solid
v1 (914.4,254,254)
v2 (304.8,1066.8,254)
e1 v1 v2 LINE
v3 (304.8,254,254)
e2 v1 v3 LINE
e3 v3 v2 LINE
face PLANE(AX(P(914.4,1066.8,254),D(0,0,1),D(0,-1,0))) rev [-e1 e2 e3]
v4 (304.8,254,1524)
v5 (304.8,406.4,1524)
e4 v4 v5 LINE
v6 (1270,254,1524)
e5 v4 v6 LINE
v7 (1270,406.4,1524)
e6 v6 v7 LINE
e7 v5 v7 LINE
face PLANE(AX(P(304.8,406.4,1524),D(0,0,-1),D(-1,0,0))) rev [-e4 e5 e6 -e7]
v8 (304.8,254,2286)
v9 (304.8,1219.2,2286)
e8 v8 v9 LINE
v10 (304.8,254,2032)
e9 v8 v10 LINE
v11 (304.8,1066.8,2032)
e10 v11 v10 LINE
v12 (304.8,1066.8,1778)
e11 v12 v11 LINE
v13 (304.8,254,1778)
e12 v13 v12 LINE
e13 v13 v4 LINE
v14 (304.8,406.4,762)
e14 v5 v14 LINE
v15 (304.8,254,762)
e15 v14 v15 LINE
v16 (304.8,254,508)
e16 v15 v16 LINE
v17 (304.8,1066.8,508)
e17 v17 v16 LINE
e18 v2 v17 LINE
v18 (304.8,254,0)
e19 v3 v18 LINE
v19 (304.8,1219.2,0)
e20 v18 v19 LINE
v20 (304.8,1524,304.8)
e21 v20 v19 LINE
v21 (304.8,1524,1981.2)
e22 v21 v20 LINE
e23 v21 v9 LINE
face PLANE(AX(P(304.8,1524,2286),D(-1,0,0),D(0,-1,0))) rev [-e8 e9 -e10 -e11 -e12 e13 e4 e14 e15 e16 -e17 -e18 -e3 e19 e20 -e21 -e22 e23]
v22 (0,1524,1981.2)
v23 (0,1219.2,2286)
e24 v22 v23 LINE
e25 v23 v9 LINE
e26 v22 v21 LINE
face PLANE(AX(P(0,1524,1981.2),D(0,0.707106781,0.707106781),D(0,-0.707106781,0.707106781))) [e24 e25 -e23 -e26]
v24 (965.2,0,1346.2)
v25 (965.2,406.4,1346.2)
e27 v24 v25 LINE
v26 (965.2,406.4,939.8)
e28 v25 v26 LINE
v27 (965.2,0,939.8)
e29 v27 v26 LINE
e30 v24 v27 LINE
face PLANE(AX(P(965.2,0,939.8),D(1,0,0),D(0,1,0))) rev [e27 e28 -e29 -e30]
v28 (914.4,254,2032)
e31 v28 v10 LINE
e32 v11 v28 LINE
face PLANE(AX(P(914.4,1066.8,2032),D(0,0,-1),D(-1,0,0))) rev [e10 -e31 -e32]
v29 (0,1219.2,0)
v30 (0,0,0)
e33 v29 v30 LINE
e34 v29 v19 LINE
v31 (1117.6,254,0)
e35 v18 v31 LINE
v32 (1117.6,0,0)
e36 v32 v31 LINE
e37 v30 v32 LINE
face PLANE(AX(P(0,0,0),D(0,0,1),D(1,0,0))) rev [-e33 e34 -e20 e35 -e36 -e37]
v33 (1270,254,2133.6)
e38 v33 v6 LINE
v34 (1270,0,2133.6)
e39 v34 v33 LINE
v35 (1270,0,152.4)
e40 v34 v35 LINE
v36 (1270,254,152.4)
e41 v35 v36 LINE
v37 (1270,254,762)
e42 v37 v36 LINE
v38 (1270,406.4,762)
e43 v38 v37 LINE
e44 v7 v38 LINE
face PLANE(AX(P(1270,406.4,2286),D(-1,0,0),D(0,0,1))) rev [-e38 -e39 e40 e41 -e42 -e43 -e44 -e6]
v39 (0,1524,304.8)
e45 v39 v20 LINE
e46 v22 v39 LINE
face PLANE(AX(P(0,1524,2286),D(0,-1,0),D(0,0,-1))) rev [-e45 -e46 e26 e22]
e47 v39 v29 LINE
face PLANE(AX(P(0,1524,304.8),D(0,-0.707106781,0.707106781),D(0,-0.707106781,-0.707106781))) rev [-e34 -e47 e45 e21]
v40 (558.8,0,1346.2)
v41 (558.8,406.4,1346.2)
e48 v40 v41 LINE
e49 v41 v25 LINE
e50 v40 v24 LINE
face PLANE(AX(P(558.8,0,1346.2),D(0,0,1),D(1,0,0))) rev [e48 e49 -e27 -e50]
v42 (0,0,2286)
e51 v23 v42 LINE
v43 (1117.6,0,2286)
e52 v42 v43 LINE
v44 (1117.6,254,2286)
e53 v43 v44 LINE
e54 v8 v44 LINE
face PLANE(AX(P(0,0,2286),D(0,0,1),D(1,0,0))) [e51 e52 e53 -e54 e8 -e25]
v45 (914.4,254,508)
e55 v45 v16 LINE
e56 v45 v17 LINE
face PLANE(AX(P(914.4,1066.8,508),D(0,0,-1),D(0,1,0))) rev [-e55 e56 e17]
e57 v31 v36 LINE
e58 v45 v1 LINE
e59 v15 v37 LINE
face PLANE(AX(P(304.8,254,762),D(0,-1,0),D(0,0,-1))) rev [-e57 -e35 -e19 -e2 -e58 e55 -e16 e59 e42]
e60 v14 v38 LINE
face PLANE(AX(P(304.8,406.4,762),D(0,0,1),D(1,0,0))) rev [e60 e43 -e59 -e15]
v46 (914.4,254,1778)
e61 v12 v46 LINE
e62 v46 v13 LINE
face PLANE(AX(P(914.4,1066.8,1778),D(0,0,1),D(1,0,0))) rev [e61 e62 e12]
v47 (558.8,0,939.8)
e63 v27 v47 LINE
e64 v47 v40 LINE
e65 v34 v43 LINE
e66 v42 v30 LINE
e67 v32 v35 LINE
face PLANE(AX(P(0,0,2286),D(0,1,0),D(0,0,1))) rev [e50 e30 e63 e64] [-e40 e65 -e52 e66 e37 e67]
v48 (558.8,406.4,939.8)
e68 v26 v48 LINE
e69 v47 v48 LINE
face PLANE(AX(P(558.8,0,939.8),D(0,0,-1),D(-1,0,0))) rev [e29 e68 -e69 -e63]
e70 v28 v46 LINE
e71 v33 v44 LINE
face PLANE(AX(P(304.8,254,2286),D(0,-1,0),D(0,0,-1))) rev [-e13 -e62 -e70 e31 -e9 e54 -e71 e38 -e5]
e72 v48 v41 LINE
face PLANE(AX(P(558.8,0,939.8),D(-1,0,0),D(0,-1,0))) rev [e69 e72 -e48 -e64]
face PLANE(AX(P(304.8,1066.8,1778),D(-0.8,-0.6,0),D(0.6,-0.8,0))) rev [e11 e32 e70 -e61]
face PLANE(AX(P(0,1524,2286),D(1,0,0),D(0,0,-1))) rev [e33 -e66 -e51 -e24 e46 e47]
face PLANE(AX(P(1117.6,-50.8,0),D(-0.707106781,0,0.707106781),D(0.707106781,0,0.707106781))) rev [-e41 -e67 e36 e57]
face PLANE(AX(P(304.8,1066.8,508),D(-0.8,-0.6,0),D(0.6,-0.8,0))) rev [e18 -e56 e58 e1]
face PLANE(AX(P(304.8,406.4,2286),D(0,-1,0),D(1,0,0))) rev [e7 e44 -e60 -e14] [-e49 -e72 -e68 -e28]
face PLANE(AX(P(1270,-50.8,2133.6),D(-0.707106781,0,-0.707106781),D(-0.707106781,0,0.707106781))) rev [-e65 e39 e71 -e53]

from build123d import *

# Parameters (mm, degrees)
Y_KSEKLIK_EKSTR_ZYON1_DEPTH = 2286
IZIM3_W                     = 762
IZIM3_H                     = 152.4
KES_EKSTR_ZYON4_DEPTH       = 965.2
KES_EKSTR_ZYON5_DEPTH       = 304.8
KES_EKSTR_ZYON6_DEPTH       = 304.8
IZIM11_W                    = 406.4
IZIM11_H                    = 406.4
KES_EKSTR_ZYON7_DEPTH       = 406.4
IZIM12_W                    = 254
IZIM12_H                    = 812.8
Y_KSEKLIK_EKSTR_ZYON3_DEPTH = 609.6
KES_EKSTR_ZYON10_DEPTH      = 254
KES_EKSTR_ZYON11_DEPTH      = 254


with BuildPart() as part:
    # Çizim1 → Yükseklik-Ekstrüzyon1 (new body)
    with BuildSketch(Plane.XY):
        Polygon((0, 1524), (304.8, 1524), (304.8, 406.4), (1270, 406.4), (1270, 0), (0, 0), align=None)
    extrude(amount=Y_KSEKLIK_EKSTR_ZYON1_DEPTH)

    # Çizim3 → Kes-Ekstrüzyon4 (cut)
    with BuildSketch(Plane(origin=(1270, 0, 0), x_dir=(0, 0, -1), z_dir=(1, 0, 0))):
        with Locations((-1905, 330.2)):
            Rectangle(IZIM3_W, IZIM3_H)
        with Locations((-381, 330.2)):
            Rectangle(IZIM3_W, IZIM3_H)
    extrude(amount=-KES_EKSTR_ZYON4_DEPTH, mode=Mode.SUBTRACT)

    # Çizim9 → Kes-Ekstrüzyon5 (cut)
    with BuildSketch(Plane(origin=(304.8, 0, 0), x_dir=(0, 0, -1), z_dir=(1, 0, 0))):
        Polygon((-1981.2, 1524), (-2286, 1219.2), (-2557.798170462, 1490.998170462), (-2252.998170462, 1795.798170462), align=None)
        Polygon((-304.8, 1524), (0, 1219.2), (265.402813466, 1484.602813466), (-39.397186534, 1789.402813466), align=None)
    extrude(amount=-KES_EKSTR_ZYON5_DEPTH, mode=Mode.SUBTRACT)

    # Çizim10 → Kes-Ekstrüzyon6 (cut)
    with BuildSketch(Plane(origin=(0, 254, 0), x_dir=(1, 0, 0), z_dir=(0, 1, 0))):
        Polygon((1117.6, 0), (1270, -152.4), (1478.221993626, 55.821993626), (1325.821993626, 208.221993626), align=None)
        Polygon((1270, -2133.6), (1117.6, -2286), (1313.736223321, -2482.136223321), (1466.136223321, -2329.736223321), align=None)
    extrude(amount=-KES_EKSTR_ZYON6_DEPTH, mode=Mode.SUBTRACT)

    # Çizim11 → Kes-Ekstrüzyon7 (cut)
    with BuildSketch(Plane(origin=(0, 406.4, 0), x_dir=(1, 0, 0), z_dir=(0, 1, 0))):
        with Locations((762, -1143)):
            Rectangle(IZIM11_W, IZIM11_H)
    extrude(amount=-KES_EKSTR_ZYON7_DEPTH, mode=Mode.SUBTRACT)

    # Çizim12 → Yükseklik-Ekstrüzyon3 (add)
    with BuildSketch(Plane(origin=(304.8, 0, 0), x_dir=(0, 0, -1), z_dir=(1, 0, 0))):
        with Locations((-1905, 660.4)):
            Rectangle(IZIM12_W, IZIM12_H)
        with Locations((-381, 660.4)):
            Rectangle(IZIM12_W, IZIM12_H)
    extrude(amount=Y_KSEKLIK_EKSTR_ZYON3_DEPTH)

    # Çizim14 → Kes-Ekstrüzyon10 (cut)
    with BuildSketch(Plane.XY.offset(2032)):
        Polygon((304.8, 1066.8), (914.4, 254), (1378.732090764, 602.249068073), (769.132090764, 1415.049068073), align=None)
    extrude(amount=-KES_EKSTR_ZYON10_DEPTH, mode=Mode.SUBTRACT)

    # Çizim15 → Kes-Ekstrüzyon11 (cut)
    with BuildSketch(Plane(origin=(0, 0, 254), x_dir=(-1, 0, 0), z_dir=(0, 0, -1))):
        Polygon((-304.8, 1066.8), (-914.4, 254), (-1479.518034474, 677.838525855), (-869.918034474, 1490.638525855), align=None)
    extrude(amount=-KES_EKSTR_ZYON11_DEPTH, mode=Mode.SUBTRACT)


solid = part.part
